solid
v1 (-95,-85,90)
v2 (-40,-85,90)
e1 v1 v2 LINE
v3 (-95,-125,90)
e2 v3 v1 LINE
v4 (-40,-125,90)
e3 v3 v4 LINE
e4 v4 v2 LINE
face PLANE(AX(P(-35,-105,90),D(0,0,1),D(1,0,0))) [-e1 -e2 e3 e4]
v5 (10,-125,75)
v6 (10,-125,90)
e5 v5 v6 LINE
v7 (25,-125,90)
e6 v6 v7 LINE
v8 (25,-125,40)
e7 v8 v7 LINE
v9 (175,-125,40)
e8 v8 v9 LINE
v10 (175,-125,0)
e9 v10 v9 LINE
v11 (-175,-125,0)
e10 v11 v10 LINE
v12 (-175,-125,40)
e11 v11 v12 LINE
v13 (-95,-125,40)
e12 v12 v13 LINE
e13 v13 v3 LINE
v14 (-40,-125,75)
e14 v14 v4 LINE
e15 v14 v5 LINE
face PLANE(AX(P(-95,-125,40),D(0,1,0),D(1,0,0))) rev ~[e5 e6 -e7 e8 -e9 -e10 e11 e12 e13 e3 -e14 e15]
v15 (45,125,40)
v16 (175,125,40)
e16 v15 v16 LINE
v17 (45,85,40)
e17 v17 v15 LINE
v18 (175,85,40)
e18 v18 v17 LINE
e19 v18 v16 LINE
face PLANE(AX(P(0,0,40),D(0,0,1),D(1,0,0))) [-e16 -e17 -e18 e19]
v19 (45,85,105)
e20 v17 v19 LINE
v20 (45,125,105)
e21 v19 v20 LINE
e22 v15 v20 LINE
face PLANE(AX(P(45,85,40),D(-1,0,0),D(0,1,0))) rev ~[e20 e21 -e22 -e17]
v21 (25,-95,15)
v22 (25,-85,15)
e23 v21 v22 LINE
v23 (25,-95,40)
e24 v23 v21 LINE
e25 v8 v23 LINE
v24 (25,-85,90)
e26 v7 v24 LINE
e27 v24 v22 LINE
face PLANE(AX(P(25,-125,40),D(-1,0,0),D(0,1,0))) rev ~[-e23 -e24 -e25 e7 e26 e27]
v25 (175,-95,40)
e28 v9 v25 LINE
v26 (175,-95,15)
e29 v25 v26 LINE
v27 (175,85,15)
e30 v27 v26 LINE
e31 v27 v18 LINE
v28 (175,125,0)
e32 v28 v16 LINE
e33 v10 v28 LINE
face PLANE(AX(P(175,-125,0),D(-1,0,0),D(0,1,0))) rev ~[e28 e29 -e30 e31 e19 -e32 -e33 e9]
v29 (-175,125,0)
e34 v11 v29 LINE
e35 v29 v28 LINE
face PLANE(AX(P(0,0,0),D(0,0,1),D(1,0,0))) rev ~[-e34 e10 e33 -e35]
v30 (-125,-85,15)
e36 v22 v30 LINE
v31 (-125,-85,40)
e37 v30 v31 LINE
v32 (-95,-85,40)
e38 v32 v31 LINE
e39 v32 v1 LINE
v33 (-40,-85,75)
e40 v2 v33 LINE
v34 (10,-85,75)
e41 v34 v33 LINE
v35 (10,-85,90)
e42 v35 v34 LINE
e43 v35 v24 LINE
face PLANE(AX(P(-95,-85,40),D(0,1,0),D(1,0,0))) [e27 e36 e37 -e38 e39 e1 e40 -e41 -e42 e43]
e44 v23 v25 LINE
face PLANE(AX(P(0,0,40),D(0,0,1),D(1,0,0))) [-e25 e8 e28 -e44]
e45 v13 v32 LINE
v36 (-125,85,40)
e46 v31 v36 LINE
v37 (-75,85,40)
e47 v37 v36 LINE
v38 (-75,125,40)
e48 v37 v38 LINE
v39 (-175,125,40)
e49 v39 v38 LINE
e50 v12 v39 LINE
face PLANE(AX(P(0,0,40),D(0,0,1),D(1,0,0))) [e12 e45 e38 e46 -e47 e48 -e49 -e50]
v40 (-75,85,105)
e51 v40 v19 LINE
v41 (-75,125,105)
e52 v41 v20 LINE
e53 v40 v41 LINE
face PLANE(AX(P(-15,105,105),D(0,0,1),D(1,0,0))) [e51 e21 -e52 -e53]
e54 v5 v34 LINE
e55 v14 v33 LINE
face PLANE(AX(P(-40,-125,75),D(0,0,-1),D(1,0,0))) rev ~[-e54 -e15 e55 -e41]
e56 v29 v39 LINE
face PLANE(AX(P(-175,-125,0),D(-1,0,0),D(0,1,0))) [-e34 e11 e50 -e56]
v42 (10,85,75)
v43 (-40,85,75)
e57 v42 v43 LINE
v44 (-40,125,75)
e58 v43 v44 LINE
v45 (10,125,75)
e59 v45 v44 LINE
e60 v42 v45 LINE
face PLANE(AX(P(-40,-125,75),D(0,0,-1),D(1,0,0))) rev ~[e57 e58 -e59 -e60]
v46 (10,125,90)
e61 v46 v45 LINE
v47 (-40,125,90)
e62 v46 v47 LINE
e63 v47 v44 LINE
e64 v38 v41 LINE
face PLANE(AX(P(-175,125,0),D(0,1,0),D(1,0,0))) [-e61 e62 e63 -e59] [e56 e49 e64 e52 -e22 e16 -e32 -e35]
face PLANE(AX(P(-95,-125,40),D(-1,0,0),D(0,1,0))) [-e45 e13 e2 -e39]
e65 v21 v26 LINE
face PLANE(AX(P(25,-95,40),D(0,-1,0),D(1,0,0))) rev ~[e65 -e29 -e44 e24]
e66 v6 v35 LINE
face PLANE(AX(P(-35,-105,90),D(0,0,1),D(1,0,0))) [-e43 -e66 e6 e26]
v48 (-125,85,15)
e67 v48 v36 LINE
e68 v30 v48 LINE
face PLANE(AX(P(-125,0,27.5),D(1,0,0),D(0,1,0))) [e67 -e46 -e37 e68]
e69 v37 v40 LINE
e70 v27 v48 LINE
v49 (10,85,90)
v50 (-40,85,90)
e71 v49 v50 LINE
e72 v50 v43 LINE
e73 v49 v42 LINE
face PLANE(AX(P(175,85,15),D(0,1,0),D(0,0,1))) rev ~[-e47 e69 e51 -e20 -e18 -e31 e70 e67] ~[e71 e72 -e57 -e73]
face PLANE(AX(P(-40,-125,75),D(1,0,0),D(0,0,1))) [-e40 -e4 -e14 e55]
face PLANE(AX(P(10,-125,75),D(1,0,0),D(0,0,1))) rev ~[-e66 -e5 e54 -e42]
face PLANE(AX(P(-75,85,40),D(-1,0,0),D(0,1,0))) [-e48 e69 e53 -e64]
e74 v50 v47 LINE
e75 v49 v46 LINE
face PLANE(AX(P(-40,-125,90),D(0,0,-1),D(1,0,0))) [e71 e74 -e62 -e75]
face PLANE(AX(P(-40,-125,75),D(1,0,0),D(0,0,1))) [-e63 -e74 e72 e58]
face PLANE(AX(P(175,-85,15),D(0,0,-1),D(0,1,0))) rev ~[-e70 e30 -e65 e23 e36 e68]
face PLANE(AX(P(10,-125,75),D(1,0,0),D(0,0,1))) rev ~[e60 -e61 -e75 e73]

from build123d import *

# Parameters (mm, degrees)
F0_W      = 350
F0_H      = 250
F1_DEPTH  = 40
F2_W      = 170
F2_H      = 25
F3_DEPTH  = 300
F4_W      = 150
F4_H      = 10
F5_DEPTH  = 25
F6_W      = 120
F6_H      = 40
F7_DEPTH  = 50
F8_W      = 120
F8_H      = 40
F9_DEPTH  = 65
F10_W     = 50
F10_H     = 15
F11_DEPTH = 250.001


with BuildPart() as f1:
    # F0 (on Top) → F1 (new body)
    with BuildSketch(Plane.XY):
        Rectangle(F0_W, F0_H)
    extrude(amount=F1_DEPTH)

    # F2 (on face) → F3 (cut)
    with BuildSketch(Plane.YZ.offset(175)):
        with Locations((0, 27.5)):
            Rectangle(F2_W, F2_H)
    extrude(amount=-F3_DEPTH, mode=Mode.SUBTRACT)

    # F4 (on face) → F5 (cut)
    with BuildSketch(Plane.XY.offset(40)):
        with Locations((100, -90)):
            Rectangle(F4_W, F4_H)
    extrude(amount=-F5_DEPTH, mode=Mode.SUBTRACT)

    # F6 (on face) → F7 (join)
    with BuildSketch(Plane.XY.offset(40)):
        with Locations((-35, -105)):
            Rectangle(F6_W, F6_H)
    extrude(amount=F7_DEPTH)

    # F8 (on face) → F9 (join)
    with BuildSketch(Plane.XY.offset(40)):
        with Locations((-15, 105)):
            Rectangle(F8_W, F8_H)
    extrude(amount=F9_DEPTH)

    # F10 (on face) → F11 (cut, through all)
    with BuildSketch(Plane.XZ.offset(125)):
        with Locations((-15, 82.5)):
            Rectangle(F10_W, F10_H)
    extrude(amount=-F11_DEPTH, mode=Mode.SUBTRACT)


solid = f1.part
